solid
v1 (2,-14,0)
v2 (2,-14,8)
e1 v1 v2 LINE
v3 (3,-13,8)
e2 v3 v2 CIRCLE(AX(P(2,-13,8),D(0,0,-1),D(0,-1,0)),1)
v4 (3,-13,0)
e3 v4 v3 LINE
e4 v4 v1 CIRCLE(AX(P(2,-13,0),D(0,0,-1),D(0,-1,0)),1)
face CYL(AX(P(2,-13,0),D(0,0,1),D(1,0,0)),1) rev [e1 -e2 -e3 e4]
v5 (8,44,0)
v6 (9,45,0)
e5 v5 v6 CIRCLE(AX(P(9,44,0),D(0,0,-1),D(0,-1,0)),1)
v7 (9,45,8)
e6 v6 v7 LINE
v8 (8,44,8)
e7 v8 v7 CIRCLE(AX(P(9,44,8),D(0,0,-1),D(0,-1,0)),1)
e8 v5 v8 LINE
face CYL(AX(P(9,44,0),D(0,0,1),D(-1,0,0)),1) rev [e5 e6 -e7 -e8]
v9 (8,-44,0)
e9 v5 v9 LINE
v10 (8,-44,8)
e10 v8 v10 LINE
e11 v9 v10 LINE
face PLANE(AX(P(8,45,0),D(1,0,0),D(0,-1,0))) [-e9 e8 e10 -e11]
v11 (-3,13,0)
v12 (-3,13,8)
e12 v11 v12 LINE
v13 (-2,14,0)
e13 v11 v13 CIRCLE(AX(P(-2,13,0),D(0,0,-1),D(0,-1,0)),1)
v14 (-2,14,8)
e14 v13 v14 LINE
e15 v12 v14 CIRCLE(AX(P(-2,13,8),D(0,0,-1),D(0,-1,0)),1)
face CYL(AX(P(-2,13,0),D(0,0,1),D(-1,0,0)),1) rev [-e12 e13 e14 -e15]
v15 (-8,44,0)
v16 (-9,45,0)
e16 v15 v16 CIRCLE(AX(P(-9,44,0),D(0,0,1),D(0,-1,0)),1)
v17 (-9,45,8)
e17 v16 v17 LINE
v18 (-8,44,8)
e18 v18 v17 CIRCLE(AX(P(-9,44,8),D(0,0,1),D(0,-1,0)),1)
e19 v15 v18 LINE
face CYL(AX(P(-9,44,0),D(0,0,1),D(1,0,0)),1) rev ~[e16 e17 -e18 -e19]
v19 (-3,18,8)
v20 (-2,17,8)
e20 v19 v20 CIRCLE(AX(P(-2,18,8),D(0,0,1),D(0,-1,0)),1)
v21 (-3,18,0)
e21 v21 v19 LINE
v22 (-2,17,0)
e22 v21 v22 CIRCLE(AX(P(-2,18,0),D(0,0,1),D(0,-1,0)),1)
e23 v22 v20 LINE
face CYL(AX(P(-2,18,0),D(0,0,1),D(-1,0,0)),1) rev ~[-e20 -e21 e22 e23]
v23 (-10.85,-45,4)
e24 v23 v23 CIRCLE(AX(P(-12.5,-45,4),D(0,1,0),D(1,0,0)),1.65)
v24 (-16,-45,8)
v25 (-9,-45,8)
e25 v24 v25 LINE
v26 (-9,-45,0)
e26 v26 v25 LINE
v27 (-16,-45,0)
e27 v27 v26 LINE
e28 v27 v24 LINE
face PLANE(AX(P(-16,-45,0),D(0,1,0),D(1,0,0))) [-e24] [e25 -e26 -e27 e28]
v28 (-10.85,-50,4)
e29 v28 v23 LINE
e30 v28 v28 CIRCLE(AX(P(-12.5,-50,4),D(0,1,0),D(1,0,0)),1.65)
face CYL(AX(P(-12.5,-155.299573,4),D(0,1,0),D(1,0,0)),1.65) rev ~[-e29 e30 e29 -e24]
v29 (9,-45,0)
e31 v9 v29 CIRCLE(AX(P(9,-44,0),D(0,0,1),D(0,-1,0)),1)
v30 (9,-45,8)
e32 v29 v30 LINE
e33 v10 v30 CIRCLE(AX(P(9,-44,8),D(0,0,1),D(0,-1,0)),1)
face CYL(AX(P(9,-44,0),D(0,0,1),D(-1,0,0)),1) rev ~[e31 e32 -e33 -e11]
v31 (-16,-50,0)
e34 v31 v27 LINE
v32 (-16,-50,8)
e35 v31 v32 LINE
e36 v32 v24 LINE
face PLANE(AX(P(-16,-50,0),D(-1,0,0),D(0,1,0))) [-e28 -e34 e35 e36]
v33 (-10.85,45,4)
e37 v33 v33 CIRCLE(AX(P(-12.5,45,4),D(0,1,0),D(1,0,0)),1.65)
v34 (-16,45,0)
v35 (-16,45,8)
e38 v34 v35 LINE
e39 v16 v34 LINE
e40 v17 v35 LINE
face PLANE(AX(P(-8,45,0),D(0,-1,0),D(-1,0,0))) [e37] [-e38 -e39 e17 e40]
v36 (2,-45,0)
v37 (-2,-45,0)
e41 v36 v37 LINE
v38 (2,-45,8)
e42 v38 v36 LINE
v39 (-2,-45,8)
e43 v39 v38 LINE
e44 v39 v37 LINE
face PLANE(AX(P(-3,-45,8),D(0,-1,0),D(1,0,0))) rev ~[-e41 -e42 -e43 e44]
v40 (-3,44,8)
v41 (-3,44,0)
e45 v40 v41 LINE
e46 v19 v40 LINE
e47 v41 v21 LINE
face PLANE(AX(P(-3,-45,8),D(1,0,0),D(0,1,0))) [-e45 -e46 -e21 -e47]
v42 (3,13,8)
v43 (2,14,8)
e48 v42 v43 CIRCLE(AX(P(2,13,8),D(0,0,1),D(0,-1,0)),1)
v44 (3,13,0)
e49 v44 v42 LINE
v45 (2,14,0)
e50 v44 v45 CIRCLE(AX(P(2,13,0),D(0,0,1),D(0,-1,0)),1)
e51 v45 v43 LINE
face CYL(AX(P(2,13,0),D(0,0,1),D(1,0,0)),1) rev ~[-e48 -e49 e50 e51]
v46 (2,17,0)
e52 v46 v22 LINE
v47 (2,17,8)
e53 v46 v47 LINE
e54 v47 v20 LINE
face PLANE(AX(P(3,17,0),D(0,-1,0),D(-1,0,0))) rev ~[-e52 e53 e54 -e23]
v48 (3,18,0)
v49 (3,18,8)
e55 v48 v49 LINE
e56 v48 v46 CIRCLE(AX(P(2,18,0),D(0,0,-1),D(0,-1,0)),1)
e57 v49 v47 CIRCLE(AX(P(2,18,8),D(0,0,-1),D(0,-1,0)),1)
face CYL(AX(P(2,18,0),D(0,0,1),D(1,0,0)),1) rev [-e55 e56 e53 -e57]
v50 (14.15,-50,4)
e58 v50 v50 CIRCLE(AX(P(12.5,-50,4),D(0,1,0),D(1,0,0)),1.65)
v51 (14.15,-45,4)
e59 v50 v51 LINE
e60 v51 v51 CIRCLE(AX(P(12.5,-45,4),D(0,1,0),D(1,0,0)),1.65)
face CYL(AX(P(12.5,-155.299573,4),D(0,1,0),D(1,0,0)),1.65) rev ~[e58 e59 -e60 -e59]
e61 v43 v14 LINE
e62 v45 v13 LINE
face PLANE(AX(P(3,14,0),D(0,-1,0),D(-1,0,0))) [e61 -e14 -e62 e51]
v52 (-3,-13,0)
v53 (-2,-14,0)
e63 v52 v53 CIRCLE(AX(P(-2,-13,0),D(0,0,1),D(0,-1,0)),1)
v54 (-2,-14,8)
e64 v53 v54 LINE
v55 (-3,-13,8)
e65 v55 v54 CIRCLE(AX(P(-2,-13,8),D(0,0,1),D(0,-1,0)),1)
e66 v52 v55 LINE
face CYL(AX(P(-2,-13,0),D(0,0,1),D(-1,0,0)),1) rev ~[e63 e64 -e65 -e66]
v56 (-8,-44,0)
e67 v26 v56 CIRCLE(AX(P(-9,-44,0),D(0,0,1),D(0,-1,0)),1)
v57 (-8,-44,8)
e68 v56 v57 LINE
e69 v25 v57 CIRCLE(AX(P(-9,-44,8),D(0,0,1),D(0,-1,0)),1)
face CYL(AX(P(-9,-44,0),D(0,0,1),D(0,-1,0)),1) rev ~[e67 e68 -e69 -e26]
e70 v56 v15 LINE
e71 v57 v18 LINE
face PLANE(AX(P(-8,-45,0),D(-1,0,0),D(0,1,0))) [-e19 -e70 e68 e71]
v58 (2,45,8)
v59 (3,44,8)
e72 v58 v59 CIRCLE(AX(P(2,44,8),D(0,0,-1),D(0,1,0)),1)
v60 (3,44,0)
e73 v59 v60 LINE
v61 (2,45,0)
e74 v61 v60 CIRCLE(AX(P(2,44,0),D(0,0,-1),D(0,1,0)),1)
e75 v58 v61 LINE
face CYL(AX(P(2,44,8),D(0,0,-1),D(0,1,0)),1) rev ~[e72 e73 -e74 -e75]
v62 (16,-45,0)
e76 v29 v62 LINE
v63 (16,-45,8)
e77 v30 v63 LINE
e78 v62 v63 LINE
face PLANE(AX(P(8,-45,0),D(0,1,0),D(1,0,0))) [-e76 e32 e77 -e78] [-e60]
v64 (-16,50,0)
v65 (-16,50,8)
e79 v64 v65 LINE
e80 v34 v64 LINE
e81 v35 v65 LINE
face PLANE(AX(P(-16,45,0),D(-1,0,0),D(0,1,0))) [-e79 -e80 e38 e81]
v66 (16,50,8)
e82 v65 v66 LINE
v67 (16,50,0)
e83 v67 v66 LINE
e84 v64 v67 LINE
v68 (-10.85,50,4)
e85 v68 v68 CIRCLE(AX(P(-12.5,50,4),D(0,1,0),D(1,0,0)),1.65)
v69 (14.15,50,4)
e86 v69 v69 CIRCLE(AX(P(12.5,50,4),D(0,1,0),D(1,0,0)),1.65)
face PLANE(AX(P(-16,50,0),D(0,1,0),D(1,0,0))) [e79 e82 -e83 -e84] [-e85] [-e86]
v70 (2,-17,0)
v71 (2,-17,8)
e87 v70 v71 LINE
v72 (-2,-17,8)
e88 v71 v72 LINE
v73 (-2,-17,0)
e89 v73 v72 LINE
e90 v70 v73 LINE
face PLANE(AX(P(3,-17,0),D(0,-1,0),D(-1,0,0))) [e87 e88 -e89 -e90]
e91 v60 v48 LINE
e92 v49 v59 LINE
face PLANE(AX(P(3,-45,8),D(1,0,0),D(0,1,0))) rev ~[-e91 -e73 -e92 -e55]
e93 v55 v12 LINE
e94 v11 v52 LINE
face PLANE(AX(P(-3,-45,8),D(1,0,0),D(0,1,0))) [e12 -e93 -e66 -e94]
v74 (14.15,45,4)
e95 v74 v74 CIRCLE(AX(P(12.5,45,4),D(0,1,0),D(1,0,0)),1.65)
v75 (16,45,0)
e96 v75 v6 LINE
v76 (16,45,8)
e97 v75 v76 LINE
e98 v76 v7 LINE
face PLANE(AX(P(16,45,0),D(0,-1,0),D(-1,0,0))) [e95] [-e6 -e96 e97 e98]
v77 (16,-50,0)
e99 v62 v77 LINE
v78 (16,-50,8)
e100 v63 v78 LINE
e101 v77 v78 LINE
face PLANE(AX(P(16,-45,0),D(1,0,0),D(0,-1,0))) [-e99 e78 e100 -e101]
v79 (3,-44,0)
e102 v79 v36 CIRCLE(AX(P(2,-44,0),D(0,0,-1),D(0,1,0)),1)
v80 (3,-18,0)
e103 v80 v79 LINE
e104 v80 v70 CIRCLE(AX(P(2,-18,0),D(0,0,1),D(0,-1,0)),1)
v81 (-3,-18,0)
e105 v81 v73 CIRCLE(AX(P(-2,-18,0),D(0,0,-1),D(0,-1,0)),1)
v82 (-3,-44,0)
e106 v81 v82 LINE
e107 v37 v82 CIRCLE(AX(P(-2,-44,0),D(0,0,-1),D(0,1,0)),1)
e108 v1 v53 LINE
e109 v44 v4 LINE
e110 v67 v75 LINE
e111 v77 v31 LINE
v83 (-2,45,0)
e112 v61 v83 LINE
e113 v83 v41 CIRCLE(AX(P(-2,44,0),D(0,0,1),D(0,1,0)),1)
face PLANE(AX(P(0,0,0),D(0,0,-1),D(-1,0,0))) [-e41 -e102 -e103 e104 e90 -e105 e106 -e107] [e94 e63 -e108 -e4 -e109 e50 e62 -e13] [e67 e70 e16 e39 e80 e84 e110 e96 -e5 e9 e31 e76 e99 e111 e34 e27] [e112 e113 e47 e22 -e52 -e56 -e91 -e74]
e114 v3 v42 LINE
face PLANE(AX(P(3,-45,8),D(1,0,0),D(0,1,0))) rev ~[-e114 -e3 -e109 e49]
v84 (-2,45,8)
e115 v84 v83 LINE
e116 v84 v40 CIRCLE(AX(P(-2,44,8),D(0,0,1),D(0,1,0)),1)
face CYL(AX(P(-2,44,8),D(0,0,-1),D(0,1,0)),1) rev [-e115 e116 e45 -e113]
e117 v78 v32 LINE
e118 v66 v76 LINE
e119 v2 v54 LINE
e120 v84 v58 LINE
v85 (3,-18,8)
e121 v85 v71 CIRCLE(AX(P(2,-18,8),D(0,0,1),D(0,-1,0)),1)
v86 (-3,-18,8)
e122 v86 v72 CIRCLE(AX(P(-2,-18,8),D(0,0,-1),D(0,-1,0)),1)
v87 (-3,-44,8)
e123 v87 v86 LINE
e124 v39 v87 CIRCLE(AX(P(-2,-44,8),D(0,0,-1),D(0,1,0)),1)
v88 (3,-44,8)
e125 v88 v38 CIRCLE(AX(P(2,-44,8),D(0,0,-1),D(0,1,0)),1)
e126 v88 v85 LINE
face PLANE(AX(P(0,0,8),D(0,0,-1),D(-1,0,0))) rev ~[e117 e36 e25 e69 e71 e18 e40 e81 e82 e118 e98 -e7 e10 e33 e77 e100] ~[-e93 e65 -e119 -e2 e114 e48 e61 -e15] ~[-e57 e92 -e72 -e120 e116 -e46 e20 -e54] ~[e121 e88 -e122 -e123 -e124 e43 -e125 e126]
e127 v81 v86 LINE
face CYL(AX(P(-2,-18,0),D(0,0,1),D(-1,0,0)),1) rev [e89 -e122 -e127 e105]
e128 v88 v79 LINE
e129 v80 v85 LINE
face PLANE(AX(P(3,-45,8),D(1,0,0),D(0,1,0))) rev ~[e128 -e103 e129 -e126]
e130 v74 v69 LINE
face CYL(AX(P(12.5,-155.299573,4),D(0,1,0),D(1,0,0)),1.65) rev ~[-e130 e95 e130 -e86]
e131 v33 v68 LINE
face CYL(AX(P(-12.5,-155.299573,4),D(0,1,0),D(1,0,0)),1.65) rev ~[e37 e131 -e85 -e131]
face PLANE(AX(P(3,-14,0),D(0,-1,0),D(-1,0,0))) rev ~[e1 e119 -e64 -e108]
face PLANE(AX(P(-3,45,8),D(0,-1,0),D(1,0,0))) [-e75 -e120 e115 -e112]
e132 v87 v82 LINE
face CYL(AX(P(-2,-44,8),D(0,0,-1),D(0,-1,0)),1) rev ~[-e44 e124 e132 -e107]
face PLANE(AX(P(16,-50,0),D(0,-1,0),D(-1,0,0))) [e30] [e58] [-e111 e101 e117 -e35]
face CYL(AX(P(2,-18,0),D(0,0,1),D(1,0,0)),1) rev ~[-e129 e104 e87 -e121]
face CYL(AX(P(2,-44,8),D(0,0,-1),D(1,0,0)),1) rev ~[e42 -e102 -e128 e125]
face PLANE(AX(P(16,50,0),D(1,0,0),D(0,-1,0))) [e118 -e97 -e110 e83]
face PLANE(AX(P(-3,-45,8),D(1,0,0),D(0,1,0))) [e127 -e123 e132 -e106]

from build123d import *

# Parameters (mm, degrees)
EXTRUDE_1_DEPTH     = 8
FILLET_1_R          = 1
SKETCH_3_W          = 6
SKETCH_3_H          = 90
CUT_EXTRUDE_2_DEPTH = 10
FILLET_2_R          = 1
HOLE_WIZARD_M4_1_D  = 3.3
SKETCH_6_W          = 6
SKETCH_6_H          = 3
EXTRUDE_2_DEPTH     = 8
FILLET_3_R          = 1


with BuildPart() as part:
    # 草图1 → 凸台-拉伸1 (new body)
    with BuildSketch(Plane.XY):
        Polygon((8, 45), (8, -45), (16, -45), (16, -50), (-16, -50), (-16, -45), (-8, -45), (-8, 45), (-16, 45), (-16, 50), (16, 50), (16, 45), align=None)
    extrude(amount=EXTRUDE_1_DEPTH)

    # 圆角1
    fillet_1_edges = [part.edges().sort_by_distance(p)[0] for p in [
        (8, -45, 4),
        (-8, -45, 4),
        (-8, 45, 4),
        (8, 45, 4),
    ]]
    fillet(fillet_1_edges, radius=FILLET_1_R)

    # 草图3 → 切除-拉伸2 (cut)
    with BuildSketch(Plane.XY.offset(8)):
        Rectangle(SKETCH_3_W, SKETCH_3_H)
    extrude(amount=-CUT_EXTRUDE_2_DEPTH, mode=Mode.SUBTRACT)

    # 圆角2
    fillet_2_edges = [part.edges().sort_by_distance(p)[0] for p in [
        (3, 45, 4),
        (3, -45, 4),
        (-3, -45, 4),
        (-3, 45, 4),
    ]]
    fillet(fillet_2_edges, radius=FILLET_2_R)

    # M4 螺纹孔的螺纹孔钻头1 (through all)
    with Locations(Plane(origin=(0, -50, 0), x_dir=(-1, 0, 0), z_dir=(0, -1, 0))):
        with Locations((-12.5, -4), (12.5, -4)):
            Hole(HOLE_WIZARD_M4_1_D / 2)

    # 草图6 → 凸台-拉伸2 (add)
    with BuildSketch(Plane(origin=(0, 0, 0), x_dir=(-1, 0, 0), z_dir=(0, 0, -1))):
        with Locations((0, 15.5)):
            Rectangle(SKETCH_6_W, SKETCH_6_H)
        with Locations((0, -15.5)):
            Rectangle(SKETCH_6_W, SKETCH_6_H)
    extrude(amount=-EXTRUDE_2_DEPTH)

    # 圆角3
    fillet_3_edges = [part.edges().sort_by_distance(p)[0] for p in [
        (3, 17, 4),
        (3, 14, 4),
        (-3, 14, 4),
        (-3, 17, 4),
        (3, -14, 4),
        (3, -17, 4),
        (-3, -17, 4),
        (-3, -14, 4),
    ]]
    fillet(fillet_3_edges, radius=FILLET_3_R)


solid = part.part
